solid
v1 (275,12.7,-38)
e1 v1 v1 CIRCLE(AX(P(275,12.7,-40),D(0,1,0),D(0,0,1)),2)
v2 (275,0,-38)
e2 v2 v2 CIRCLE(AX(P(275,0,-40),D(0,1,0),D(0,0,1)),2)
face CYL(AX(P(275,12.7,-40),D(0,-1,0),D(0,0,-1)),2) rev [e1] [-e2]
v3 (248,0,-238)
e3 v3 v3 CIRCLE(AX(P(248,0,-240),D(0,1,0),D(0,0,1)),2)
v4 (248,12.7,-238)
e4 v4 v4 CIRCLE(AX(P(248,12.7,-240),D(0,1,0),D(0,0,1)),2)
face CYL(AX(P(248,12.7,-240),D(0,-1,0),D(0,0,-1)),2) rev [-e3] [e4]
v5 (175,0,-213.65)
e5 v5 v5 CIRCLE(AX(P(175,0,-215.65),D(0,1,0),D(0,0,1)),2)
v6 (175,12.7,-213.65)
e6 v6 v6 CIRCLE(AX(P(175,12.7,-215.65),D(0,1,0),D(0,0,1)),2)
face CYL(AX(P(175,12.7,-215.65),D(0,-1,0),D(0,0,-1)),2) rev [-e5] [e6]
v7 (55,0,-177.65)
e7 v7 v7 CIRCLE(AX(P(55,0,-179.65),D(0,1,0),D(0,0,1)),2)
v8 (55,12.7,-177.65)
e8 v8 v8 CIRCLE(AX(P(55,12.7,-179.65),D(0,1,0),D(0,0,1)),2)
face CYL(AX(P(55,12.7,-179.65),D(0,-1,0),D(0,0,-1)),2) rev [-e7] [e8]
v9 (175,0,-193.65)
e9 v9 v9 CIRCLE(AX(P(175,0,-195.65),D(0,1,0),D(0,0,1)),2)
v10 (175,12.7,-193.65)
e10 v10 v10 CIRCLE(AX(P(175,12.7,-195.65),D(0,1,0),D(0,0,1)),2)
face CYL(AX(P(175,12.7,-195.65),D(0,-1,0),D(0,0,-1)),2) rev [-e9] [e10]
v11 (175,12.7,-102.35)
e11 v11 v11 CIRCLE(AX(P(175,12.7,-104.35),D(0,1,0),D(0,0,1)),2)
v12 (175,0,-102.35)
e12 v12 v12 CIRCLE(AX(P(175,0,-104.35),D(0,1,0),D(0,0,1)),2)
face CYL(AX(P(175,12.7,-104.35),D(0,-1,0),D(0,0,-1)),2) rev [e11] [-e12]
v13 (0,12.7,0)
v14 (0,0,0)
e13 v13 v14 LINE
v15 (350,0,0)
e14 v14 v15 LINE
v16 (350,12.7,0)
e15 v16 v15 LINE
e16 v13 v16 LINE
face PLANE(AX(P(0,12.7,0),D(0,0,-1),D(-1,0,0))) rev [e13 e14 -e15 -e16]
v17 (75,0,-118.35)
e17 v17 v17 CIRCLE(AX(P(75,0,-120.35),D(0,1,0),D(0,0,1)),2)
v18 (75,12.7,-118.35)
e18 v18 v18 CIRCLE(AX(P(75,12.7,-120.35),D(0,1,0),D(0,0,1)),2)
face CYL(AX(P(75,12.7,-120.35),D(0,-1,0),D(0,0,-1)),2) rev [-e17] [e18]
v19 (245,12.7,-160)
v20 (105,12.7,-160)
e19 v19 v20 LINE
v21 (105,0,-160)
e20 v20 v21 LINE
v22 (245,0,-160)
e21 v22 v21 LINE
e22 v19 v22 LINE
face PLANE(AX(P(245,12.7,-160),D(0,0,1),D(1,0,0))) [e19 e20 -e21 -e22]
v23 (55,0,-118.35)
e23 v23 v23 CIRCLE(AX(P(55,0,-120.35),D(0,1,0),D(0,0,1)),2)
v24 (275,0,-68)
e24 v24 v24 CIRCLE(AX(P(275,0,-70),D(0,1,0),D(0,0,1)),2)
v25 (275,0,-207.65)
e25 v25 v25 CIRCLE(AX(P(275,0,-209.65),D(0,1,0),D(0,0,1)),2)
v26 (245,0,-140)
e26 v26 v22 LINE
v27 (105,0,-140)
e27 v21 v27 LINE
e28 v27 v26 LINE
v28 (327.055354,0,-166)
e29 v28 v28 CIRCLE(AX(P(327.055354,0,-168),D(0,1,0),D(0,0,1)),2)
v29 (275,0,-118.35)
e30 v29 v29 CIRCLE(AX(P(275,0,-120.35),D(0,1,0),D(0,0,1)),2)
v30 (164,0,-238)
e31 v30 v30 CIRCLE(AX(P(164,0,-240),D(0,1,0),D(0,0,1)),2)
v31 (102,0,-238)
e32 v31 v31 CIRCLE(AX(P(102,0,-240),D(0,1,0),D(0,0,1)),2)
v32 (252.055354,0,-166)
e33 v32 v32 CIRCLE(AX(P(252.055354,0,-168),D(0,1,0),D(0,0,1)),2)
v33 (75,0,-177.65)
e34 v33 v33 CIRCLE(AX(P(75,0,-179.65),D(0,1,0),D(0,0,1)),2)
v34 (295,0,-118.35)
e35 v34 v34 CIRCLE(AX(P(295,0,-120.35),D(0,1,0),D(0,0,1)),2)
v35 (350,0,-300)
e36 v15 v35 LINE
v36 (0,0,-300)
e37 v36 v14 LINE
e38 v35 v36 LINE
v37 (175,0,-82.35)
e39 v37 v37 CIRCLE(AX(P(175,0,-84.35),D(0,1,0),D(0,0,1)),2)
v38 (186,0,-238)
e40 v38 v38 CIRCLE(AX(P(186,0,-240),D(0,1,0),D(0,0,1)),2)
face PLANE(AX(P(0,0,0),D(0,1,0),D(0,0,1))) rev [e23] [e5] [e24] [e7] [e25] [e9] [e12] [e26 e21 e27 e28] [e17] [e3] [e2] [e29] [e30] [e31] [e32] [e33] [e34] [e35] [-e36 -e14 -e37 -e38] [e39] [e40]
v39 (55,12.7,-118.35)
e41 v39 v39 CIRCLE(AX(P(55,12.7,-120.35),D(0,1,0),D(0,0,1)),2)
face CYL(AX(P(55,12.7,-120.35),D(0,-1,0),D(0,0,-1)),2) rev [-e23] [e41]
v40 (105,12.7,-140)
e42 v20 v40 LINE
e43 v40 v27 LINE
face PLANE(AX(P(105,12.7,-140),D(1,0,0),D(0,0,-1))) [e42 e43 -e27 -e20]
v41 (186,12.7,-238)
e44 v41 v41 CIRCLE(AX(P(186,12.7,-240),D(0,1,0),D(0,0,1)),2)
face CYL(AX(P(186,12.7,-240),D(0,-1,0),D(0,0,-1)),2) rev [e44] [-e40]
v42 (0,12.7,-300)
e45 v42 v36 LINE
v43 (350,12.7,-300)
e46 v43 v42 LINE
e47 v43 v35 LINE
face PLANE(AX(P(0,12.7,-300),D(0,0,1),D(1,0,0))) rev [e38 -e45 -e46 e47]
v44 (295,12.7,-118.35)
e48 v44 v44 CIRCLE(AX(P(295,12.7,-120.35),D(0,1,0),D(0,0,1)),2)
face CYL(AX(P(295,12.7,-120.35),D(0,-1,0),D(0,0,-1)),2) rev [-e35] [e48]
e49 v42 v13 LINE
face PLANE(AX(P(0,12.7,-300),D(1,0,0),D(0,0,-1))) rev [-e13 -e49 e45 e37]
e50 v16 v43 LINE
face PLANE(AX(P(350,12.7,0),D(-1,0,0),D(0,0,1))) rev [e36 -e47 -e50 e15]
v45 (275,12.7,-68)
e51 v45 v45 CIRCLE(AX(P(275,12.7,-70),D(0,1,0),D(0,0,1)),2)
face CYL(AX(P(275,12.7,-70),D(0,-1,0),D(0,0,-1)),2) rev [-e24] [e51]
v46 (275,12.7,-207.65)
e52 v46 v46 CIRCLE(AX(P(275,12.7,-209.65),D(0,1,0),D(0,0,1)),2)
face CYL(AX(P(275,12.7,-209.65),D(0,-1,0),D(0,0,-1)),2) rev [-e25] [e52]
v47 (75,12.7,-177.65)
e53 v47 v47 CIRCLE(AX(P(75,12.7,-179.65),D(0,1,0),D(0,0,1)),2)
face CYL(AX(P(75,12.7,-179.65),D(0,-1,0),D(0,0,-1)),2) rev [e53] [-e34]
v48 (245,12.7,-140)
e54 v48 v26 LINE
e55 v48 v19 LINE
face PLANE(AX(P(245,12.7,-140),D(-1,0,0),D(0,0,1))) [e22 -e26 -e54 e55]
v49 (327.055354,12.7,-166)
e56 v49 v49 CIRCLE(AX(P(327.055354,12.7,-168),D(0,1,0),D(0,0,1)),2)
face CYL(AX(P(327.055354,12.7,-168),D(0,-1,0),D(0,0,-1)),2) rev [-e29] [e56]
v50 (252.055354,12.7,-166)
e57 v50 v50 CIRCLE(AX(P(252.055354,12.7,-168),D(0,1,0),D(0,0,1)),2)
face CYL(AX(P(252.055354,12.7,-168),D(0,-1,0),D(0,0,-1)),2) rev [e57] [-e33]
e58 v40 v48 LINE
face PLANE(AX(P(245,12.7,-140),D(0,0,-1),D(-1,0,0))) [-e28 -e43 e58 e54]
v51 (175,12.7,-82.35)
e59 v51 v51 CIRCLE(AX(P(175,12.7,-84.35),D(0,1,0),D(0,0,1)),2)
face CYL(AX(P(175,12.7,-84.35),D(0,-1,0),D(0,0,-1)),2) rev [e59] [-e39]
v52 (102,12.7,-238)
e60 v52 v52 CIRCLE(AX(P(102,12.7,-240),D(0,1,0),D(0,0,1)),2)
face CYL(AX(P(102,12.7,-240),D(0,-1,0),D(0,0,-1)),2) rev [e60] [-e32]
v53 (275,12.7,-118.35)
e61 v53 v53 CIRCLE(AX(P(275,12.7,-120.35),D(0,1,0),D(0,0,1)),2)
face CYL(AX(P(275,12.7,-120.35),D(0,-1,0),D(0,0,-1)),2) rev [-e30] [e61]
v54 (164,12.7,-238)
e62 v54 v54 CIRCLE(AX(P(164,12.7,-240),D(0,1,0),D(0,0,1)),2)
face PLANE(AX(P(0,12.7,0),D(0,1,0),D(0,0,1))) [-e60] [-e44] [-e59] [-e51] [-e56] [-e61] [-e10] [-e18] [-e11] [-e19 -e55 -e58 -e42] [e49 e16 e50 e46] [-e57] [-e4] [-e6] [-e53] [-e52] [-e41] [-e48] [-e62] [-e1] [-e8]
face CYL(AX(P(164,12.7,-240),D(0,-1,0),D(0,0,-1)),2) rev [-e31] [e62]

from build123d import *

# Parameters (mm, degrees)
SKETCH1_W           = 350
SKETCH1_H           = 300
SKETCH1_R           = 2
SKETCH1_W_2         = 140
SKETCH1_H_2         = 20
BOSS_EXTRUDE1_DEPTH = 12.7


with BuildPart() as part:
    # Sketch1 → Boss-Extrude1 (new body)
    with BuildSketch(Plane(origin=(0, 0, 0), x_dir=(1, 0, 0), z_dir=(0, 1, 0))):
        with Locations((175, 150)):
            Rectangle(SKETCH1_W, SKETCH1_H)
        with Locations(Location((102, 240, 0), (0, 0, 270))):
            Circle(SKETCH1_R, mode=Mode.SUBTRACT)
        with Locations(Location((248, 240, 0), (0, 0, 270))):
            Circle(SKETCH1_R, mode=Mode.SUBTRACT)
        with Locations(Location((275, 70, 0), (0, 0, 270))):
            Circle(SKETCH1_R, mode=Mode.SUBTRACT)
        with Locations(Location((275, 40, 0), (0, 0, 270))):
            Circle(SKETCH1_R, mode=Mode.SUBTRACT)
        with Locations(Location((186, 240, 0), (0, 0, 270))):
            Circle(SKETCH1_R, mode=Mode.SUBTRACT)
        with Locations(Location((164, 240, 0), (0, 0, 270))):
            Circle(SKETCH1_R, mode=Mode.SUBTRACT)
        with Locations(Location((175, 195.65, 0), (0, 0, 270))):
            Circle(SKETCH1_R, mode=Mode.SUBTRACT)
        with Locations(Location((175, 215.65, 0), (0, 0, 270))):
            Circle(SKETCH1_R, mode=Mode.SUBTRACT)
        with Locations(Location((175, 104.35, 0), (0, 0, 270))):
            Circle(SKETCH1_R, mode=Mode.SUBTRACT)
        with Locations(Location((175, 84.35, 0), (0, 0, 270))):
            Circle(SKETCH1_R, mode=Mode.SUBTRACT)
        with Locations(Location((252.055354108, 168, 0), (0, 0, 270))):
            Circle(SKETCH1_R, mode=Mode.SUBTRACT)
        with Locations(Location((327.055354108, 168, 0), (0, 0, 270))):
            Circle(SKETCH1_R, mode=Mode.SUBTRACT)
        with Locations(Location((75, 120.35, 0), (0, 0, 270))):
            Circle(SKETCH1_R, mode=Mode.SUBTRACT)
        with Locations(Location((55, 120.35, 0), (0, 0, 270))):
            Circle(SKETCH1_R, mode=Mode.SUBTRACT)
        with Locations(Location((275, 120.35, 0), (0, 0, 270))):
            Circle(SKETCH1_R, mode=Mode.SUBTRACT)
        with Locations(Location((295, 120.35, 0), (0, 0, 270))):
            Circle(SKETCH1_R, mode=Mode.SUBTRACT)
        with Locations(Location((75, 179.65, 0), (0, 0, 270))):
            Circle(SKETCH1_R, mode=Mode.SUBTRACT)
        with Locations(Location((55, 179.65, 0), (0, 0, 270))):
            Circle(SKETCH1_R, mode=Mode.SUBTRACT)
        with Locations(Location((275, 209.65, 0), (0, 0, 270))):
            Circle(SKETCH1_R, mode=Mode.SUBTRACT)
        with Locations((175, 150)):
            Rectangle(SKETCH1_W_2, SKETCH1_H_2, mode=Mode.SUBTRACT)
    extrude(amount=BOSS_EXTRUDE1_DEPTH)


solid = part.part
